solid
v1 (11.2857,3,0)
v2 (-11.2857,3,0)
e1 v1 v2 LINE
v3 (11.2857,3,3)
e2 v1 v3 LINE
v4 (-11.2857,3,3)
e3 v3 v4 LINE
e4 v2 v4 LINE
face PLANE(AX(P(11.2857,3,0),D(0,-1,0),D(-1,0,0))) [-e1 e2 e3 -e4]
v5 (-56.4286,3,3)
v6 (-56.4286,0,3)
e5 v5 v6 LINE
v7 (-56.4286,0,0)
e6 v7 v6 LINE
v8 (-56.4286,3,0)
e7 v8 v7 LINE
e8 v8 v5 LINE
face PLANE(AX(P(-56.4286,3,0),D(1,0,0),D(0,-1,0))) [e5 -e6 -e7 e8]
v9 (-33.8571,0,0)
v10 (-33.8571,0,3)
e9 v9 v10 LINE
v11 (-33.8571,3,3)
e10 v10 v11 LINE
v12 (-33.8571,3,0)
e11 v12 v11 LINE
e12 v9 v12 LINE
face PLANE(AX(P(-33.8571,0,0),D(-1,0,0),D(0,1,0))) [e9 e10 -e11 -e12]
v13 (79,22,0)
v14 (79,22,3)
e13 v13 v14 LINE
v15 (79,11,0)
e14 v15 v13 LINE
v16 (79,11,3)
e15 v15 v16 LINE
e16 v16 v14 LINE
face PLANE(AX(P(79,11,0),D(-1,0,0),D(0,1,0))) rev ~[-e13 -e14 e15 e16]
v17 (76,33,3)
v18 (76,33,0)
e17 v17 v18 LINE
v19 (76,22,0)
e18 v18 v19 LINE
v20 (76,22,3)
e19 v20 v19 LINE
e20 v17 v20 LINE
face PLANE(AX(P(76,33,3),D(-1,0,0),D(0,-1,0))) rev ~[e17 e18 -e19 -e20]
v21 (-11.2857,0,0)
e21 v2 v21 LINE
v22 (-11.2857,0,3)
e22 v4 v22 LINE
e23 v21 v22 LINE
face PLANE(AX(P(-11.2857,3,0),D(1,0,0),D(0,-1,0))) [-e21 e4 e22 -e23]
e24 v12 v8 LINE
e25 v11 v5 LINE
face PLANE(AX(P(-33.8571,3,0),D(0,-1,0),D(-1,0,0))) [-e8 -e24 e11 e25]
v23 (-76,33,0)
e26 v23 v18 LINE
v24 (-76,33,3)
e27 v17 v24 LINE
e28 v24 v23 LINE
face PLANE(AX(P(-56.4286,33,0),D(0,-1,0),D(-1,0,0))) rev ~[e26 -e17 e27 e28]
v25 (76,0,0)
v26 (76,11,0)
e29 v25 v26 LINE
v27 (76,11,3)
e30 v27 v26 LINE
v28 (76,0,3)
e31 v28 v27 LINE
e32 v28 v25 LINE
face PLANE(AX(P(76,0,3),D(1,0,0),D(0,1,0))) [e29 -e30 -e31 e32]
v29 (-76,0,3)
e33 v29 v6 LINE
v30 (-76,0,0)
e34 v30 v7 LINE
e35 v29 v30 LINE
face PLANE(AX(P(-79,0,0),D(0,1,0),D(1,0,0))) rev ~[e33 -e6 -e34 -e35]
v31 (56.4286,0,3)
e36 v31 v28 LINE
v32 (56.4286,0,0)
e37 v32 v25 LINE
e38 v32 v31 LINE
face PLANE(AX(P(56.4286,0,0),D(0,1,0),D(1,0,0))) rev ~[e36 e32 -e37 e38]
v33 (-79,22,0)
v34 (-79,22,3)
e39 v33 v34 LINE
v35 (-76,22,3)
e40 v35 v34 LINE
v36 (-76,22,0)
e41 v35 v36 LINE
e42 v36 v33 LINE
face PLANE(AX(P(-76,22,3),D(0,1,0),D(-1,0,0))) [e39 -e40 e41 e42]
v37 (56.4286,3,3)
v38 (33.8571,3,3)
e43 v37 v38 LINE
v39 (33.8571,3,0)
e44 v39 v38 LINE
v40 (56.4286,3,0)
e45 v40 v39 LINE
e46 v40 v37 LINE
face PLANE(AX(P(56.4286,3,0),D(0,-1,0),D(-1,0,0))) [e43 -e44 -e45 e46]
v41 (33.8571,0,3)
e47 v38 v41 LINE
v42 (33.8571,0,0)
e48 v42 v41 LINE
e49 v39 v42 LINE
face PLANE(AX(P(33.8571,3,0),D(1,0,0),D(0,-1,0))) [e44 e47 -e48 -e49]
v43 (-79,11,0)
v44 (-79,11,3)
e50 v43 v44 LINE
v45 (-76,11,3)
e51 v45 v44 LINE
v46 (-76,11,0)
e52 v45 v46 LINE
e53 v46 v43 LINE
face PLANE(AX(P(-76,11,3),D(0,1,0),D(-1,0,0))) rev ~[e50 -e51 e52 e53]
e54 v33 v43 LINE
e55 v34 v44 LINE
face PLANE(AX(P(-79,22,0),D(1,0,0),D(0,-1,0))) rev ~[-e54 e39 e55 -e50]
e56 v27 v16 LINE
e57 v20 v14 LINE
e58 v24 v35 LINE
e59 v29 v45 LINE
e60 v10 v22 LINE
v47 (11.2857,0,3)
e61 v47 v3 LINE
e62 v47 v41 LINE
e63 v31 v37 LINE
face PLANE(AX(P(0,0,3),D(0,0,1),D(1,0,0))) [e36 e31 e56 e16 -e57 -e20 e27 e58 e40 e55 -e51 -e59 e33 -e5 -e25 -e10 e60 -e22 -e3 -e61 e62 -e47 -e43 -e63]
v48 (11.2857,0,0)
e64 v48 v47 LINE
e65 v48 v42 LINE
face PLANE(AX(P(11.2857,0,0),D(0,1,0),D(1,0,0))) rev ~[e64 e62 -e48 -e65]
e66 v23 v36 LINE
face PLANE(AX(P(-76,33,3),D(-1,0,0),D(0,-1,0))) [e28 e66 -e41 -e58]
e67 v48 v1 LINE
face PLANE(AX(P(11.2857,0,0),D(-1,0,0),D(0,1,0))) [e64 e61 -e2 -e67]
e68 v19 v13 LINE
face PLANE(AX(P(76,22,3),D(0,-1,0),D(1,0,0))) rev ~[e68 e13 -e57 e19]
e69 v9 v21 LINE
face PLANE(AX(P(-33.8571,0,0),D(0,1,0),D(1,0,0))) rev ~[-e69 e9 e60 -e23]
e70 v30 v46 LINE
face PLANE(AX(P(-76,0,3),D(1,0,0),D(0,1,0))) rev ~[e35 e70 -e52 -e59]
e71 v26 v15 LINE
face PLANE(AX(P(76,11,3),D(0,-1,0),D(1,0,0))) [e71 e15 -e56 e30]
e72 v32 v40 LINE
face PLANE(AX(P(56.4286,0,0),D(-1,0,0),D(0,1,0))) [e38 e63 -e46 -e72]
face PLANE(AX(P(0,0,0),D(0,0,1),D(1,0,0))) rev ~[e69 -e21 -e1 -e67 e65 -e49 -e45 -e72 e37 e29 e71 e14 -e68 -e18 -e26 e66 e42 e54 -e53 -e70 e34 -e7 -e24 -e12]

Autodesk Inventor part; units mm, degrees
ref_plane "YZ Plane" through (0, 0, 0) normal (1, 0, 0) x (0, 1, 0)
ref_plane "XZ Plane" through (0, 0, 0) normal (0, 1, 0) x (-1, 0, 0)
ref_plane "XY Plane" through (0, 0, 0) normal (0, 0, 1) x (1, 0, 0)
sketch "Sketch1" plane through (0, 0, 0) normal (0, 0, 1) x (1, 0, 0)
  line L0 (-33.8571, 0) -> (-33.8571, 3)
  line L1 (-33.8571, 3) -> (-56.4286, 3)
  line L2 (-56.4286, 3) -> (-56.4286, 0)
  line L3 (11.2857, 0) -> (11.2857, 3)
  line L4 (11.2857, 3) -> (-11.2857, 3)
  line L5 (-11.2857, 3) -> (-11.2857, 0)
  line L6 (56.4286, 0) -> (56.4286, 3)
  line L7 (56.4286, 3) -> (33.8571, 3)
  line L8 (33.8571, 3) -> (33.8571, 0)
  line L9 (-79, 22) -> (-79, 22)
  line L10 (-79, 22) -> (-79, 11)
  line L11 (-79, 11) -> (-79, 11)
  line L12 (79, 11) -> (79, 11)
  line L13 (79, 11) -> (79, 22)
  line L14 (79, 22) -> (79, 22)
  line L15 (-56.4286, 33) -> (-79, 33)
  line L16 (79, 33) -> (56.4286, 33)
  line L17 (33.8571, 33) -> (11.2857, 33)
  line L18 (-11.2857, 33) -> (-33.8571, 33)
  line L19 (79, 0) -> (79, 11)
  line L20 (79, 22) -> (79, 33)
  line L21 (56.4286, 0) -> (79, 0)
  line L22 (11.2857, 0) -> (33.8571, 0)
  line L23 (-79, 0) -> (-56.4286, 0)
  line L24 (-33.8571, 0) -> (-11.2857, 0)
  line L25 (-79, 33) -> (-79, 22)
  line L26 (-79, 11) -> (-79, 0)
  line L27 (-56.4286, 33) -> (57.8569, 33)
  point P0 (0, 0)
  point P1 (0, 30)
  point P2 (52.5, 33)
  dimension "d46" = 158
  dimension "d48" = 33
  dimension "d49" = 79
  dimension "d50" = 0
  dimension "d53" = 0
  dimension "d58" = 11
  dimension "d59" = 11
  dimension "d61" = 22.5714
  dimension "d62" = 11.2857
  dimension "d63" = 0
  dimension "d64" = 0
  dimension "d65" = 3
extrude "Extrusion1" add sketch "Sketch1" along normal blind 3
sketch "Sketch3" plane through (0, 0, 3) normal (0, 0, 1) x (1, 0, 0)
  line L0 (-79, 33) -> (-79, 0) projected
  line L1 (-79, 33) -> (-76, 33)
  line L2 (-76, 33) -> (-76, 22)
  line L3 (-76, 22) -> (-79, 22)
  line L4 (-79, 22) -> (-79, 33)
  line L5 (-79, 0) -> (-56.4286, 0) projected
  line L6 (-79, 0) -> (-76, 0)
  line L7 (-76, 0) -> (-76, 11)
  line L8 (-76, 11) -> (-79, 11)
  line L9 (-79, 11) -> (-79, 0)
  line L10 (79, 33) -> (-79, 33) projected
  line L11 (79, 33) -> (76, 33)
  line L12 (76, 33) -> (76, 22)
  line L13 (76, 22) -> (79, 22)
  line L14 (79, 22) -> (79, 33)
  line L15 (79, 0) -> (79, 33) projected
  line L16 (79, 0) -> (76, 0)
  line L17 (76, 0) -> (76, 11)
  line L18 (76, 11) -> (79, 11)
  line L19 (79, 11) -> (79, 0)
  point P0 (0, 0)
  dimension "d66" = 11
  dimension "d67" = 3
extrude "Extrusion3" cut sketch "Sketch3" against normal through all
equation "\"d46\" = shelfWs"
equation "\"d48\" = shelfD"
equation "\"d49\" = 0.5 * shelfWs"
equation "\"d58\" = 0.333333 * shelfD - tol"
equation "\"d59\" = 0.333333 * shelfD + 2 * tol"
equation "\"d24\" = tt"
equation "\"d0\" = 0.5 * shelfWs"
equation "\"tt\" = 3"
equation "\"tol\" = 0"
equation "\"d2\" = shelfD"
equation "\"d4\" = tt"
equation "\"tiroir\" = 1"
equation "\"nHoles\" = 4"
equation "\"shelfH\" = 35"
equation "\"shelfWs\" = 158"
equation "\"d47\" = 0.5 * shelfWs"
equation "\"shelfD\" = 33"
properties part number "back"
